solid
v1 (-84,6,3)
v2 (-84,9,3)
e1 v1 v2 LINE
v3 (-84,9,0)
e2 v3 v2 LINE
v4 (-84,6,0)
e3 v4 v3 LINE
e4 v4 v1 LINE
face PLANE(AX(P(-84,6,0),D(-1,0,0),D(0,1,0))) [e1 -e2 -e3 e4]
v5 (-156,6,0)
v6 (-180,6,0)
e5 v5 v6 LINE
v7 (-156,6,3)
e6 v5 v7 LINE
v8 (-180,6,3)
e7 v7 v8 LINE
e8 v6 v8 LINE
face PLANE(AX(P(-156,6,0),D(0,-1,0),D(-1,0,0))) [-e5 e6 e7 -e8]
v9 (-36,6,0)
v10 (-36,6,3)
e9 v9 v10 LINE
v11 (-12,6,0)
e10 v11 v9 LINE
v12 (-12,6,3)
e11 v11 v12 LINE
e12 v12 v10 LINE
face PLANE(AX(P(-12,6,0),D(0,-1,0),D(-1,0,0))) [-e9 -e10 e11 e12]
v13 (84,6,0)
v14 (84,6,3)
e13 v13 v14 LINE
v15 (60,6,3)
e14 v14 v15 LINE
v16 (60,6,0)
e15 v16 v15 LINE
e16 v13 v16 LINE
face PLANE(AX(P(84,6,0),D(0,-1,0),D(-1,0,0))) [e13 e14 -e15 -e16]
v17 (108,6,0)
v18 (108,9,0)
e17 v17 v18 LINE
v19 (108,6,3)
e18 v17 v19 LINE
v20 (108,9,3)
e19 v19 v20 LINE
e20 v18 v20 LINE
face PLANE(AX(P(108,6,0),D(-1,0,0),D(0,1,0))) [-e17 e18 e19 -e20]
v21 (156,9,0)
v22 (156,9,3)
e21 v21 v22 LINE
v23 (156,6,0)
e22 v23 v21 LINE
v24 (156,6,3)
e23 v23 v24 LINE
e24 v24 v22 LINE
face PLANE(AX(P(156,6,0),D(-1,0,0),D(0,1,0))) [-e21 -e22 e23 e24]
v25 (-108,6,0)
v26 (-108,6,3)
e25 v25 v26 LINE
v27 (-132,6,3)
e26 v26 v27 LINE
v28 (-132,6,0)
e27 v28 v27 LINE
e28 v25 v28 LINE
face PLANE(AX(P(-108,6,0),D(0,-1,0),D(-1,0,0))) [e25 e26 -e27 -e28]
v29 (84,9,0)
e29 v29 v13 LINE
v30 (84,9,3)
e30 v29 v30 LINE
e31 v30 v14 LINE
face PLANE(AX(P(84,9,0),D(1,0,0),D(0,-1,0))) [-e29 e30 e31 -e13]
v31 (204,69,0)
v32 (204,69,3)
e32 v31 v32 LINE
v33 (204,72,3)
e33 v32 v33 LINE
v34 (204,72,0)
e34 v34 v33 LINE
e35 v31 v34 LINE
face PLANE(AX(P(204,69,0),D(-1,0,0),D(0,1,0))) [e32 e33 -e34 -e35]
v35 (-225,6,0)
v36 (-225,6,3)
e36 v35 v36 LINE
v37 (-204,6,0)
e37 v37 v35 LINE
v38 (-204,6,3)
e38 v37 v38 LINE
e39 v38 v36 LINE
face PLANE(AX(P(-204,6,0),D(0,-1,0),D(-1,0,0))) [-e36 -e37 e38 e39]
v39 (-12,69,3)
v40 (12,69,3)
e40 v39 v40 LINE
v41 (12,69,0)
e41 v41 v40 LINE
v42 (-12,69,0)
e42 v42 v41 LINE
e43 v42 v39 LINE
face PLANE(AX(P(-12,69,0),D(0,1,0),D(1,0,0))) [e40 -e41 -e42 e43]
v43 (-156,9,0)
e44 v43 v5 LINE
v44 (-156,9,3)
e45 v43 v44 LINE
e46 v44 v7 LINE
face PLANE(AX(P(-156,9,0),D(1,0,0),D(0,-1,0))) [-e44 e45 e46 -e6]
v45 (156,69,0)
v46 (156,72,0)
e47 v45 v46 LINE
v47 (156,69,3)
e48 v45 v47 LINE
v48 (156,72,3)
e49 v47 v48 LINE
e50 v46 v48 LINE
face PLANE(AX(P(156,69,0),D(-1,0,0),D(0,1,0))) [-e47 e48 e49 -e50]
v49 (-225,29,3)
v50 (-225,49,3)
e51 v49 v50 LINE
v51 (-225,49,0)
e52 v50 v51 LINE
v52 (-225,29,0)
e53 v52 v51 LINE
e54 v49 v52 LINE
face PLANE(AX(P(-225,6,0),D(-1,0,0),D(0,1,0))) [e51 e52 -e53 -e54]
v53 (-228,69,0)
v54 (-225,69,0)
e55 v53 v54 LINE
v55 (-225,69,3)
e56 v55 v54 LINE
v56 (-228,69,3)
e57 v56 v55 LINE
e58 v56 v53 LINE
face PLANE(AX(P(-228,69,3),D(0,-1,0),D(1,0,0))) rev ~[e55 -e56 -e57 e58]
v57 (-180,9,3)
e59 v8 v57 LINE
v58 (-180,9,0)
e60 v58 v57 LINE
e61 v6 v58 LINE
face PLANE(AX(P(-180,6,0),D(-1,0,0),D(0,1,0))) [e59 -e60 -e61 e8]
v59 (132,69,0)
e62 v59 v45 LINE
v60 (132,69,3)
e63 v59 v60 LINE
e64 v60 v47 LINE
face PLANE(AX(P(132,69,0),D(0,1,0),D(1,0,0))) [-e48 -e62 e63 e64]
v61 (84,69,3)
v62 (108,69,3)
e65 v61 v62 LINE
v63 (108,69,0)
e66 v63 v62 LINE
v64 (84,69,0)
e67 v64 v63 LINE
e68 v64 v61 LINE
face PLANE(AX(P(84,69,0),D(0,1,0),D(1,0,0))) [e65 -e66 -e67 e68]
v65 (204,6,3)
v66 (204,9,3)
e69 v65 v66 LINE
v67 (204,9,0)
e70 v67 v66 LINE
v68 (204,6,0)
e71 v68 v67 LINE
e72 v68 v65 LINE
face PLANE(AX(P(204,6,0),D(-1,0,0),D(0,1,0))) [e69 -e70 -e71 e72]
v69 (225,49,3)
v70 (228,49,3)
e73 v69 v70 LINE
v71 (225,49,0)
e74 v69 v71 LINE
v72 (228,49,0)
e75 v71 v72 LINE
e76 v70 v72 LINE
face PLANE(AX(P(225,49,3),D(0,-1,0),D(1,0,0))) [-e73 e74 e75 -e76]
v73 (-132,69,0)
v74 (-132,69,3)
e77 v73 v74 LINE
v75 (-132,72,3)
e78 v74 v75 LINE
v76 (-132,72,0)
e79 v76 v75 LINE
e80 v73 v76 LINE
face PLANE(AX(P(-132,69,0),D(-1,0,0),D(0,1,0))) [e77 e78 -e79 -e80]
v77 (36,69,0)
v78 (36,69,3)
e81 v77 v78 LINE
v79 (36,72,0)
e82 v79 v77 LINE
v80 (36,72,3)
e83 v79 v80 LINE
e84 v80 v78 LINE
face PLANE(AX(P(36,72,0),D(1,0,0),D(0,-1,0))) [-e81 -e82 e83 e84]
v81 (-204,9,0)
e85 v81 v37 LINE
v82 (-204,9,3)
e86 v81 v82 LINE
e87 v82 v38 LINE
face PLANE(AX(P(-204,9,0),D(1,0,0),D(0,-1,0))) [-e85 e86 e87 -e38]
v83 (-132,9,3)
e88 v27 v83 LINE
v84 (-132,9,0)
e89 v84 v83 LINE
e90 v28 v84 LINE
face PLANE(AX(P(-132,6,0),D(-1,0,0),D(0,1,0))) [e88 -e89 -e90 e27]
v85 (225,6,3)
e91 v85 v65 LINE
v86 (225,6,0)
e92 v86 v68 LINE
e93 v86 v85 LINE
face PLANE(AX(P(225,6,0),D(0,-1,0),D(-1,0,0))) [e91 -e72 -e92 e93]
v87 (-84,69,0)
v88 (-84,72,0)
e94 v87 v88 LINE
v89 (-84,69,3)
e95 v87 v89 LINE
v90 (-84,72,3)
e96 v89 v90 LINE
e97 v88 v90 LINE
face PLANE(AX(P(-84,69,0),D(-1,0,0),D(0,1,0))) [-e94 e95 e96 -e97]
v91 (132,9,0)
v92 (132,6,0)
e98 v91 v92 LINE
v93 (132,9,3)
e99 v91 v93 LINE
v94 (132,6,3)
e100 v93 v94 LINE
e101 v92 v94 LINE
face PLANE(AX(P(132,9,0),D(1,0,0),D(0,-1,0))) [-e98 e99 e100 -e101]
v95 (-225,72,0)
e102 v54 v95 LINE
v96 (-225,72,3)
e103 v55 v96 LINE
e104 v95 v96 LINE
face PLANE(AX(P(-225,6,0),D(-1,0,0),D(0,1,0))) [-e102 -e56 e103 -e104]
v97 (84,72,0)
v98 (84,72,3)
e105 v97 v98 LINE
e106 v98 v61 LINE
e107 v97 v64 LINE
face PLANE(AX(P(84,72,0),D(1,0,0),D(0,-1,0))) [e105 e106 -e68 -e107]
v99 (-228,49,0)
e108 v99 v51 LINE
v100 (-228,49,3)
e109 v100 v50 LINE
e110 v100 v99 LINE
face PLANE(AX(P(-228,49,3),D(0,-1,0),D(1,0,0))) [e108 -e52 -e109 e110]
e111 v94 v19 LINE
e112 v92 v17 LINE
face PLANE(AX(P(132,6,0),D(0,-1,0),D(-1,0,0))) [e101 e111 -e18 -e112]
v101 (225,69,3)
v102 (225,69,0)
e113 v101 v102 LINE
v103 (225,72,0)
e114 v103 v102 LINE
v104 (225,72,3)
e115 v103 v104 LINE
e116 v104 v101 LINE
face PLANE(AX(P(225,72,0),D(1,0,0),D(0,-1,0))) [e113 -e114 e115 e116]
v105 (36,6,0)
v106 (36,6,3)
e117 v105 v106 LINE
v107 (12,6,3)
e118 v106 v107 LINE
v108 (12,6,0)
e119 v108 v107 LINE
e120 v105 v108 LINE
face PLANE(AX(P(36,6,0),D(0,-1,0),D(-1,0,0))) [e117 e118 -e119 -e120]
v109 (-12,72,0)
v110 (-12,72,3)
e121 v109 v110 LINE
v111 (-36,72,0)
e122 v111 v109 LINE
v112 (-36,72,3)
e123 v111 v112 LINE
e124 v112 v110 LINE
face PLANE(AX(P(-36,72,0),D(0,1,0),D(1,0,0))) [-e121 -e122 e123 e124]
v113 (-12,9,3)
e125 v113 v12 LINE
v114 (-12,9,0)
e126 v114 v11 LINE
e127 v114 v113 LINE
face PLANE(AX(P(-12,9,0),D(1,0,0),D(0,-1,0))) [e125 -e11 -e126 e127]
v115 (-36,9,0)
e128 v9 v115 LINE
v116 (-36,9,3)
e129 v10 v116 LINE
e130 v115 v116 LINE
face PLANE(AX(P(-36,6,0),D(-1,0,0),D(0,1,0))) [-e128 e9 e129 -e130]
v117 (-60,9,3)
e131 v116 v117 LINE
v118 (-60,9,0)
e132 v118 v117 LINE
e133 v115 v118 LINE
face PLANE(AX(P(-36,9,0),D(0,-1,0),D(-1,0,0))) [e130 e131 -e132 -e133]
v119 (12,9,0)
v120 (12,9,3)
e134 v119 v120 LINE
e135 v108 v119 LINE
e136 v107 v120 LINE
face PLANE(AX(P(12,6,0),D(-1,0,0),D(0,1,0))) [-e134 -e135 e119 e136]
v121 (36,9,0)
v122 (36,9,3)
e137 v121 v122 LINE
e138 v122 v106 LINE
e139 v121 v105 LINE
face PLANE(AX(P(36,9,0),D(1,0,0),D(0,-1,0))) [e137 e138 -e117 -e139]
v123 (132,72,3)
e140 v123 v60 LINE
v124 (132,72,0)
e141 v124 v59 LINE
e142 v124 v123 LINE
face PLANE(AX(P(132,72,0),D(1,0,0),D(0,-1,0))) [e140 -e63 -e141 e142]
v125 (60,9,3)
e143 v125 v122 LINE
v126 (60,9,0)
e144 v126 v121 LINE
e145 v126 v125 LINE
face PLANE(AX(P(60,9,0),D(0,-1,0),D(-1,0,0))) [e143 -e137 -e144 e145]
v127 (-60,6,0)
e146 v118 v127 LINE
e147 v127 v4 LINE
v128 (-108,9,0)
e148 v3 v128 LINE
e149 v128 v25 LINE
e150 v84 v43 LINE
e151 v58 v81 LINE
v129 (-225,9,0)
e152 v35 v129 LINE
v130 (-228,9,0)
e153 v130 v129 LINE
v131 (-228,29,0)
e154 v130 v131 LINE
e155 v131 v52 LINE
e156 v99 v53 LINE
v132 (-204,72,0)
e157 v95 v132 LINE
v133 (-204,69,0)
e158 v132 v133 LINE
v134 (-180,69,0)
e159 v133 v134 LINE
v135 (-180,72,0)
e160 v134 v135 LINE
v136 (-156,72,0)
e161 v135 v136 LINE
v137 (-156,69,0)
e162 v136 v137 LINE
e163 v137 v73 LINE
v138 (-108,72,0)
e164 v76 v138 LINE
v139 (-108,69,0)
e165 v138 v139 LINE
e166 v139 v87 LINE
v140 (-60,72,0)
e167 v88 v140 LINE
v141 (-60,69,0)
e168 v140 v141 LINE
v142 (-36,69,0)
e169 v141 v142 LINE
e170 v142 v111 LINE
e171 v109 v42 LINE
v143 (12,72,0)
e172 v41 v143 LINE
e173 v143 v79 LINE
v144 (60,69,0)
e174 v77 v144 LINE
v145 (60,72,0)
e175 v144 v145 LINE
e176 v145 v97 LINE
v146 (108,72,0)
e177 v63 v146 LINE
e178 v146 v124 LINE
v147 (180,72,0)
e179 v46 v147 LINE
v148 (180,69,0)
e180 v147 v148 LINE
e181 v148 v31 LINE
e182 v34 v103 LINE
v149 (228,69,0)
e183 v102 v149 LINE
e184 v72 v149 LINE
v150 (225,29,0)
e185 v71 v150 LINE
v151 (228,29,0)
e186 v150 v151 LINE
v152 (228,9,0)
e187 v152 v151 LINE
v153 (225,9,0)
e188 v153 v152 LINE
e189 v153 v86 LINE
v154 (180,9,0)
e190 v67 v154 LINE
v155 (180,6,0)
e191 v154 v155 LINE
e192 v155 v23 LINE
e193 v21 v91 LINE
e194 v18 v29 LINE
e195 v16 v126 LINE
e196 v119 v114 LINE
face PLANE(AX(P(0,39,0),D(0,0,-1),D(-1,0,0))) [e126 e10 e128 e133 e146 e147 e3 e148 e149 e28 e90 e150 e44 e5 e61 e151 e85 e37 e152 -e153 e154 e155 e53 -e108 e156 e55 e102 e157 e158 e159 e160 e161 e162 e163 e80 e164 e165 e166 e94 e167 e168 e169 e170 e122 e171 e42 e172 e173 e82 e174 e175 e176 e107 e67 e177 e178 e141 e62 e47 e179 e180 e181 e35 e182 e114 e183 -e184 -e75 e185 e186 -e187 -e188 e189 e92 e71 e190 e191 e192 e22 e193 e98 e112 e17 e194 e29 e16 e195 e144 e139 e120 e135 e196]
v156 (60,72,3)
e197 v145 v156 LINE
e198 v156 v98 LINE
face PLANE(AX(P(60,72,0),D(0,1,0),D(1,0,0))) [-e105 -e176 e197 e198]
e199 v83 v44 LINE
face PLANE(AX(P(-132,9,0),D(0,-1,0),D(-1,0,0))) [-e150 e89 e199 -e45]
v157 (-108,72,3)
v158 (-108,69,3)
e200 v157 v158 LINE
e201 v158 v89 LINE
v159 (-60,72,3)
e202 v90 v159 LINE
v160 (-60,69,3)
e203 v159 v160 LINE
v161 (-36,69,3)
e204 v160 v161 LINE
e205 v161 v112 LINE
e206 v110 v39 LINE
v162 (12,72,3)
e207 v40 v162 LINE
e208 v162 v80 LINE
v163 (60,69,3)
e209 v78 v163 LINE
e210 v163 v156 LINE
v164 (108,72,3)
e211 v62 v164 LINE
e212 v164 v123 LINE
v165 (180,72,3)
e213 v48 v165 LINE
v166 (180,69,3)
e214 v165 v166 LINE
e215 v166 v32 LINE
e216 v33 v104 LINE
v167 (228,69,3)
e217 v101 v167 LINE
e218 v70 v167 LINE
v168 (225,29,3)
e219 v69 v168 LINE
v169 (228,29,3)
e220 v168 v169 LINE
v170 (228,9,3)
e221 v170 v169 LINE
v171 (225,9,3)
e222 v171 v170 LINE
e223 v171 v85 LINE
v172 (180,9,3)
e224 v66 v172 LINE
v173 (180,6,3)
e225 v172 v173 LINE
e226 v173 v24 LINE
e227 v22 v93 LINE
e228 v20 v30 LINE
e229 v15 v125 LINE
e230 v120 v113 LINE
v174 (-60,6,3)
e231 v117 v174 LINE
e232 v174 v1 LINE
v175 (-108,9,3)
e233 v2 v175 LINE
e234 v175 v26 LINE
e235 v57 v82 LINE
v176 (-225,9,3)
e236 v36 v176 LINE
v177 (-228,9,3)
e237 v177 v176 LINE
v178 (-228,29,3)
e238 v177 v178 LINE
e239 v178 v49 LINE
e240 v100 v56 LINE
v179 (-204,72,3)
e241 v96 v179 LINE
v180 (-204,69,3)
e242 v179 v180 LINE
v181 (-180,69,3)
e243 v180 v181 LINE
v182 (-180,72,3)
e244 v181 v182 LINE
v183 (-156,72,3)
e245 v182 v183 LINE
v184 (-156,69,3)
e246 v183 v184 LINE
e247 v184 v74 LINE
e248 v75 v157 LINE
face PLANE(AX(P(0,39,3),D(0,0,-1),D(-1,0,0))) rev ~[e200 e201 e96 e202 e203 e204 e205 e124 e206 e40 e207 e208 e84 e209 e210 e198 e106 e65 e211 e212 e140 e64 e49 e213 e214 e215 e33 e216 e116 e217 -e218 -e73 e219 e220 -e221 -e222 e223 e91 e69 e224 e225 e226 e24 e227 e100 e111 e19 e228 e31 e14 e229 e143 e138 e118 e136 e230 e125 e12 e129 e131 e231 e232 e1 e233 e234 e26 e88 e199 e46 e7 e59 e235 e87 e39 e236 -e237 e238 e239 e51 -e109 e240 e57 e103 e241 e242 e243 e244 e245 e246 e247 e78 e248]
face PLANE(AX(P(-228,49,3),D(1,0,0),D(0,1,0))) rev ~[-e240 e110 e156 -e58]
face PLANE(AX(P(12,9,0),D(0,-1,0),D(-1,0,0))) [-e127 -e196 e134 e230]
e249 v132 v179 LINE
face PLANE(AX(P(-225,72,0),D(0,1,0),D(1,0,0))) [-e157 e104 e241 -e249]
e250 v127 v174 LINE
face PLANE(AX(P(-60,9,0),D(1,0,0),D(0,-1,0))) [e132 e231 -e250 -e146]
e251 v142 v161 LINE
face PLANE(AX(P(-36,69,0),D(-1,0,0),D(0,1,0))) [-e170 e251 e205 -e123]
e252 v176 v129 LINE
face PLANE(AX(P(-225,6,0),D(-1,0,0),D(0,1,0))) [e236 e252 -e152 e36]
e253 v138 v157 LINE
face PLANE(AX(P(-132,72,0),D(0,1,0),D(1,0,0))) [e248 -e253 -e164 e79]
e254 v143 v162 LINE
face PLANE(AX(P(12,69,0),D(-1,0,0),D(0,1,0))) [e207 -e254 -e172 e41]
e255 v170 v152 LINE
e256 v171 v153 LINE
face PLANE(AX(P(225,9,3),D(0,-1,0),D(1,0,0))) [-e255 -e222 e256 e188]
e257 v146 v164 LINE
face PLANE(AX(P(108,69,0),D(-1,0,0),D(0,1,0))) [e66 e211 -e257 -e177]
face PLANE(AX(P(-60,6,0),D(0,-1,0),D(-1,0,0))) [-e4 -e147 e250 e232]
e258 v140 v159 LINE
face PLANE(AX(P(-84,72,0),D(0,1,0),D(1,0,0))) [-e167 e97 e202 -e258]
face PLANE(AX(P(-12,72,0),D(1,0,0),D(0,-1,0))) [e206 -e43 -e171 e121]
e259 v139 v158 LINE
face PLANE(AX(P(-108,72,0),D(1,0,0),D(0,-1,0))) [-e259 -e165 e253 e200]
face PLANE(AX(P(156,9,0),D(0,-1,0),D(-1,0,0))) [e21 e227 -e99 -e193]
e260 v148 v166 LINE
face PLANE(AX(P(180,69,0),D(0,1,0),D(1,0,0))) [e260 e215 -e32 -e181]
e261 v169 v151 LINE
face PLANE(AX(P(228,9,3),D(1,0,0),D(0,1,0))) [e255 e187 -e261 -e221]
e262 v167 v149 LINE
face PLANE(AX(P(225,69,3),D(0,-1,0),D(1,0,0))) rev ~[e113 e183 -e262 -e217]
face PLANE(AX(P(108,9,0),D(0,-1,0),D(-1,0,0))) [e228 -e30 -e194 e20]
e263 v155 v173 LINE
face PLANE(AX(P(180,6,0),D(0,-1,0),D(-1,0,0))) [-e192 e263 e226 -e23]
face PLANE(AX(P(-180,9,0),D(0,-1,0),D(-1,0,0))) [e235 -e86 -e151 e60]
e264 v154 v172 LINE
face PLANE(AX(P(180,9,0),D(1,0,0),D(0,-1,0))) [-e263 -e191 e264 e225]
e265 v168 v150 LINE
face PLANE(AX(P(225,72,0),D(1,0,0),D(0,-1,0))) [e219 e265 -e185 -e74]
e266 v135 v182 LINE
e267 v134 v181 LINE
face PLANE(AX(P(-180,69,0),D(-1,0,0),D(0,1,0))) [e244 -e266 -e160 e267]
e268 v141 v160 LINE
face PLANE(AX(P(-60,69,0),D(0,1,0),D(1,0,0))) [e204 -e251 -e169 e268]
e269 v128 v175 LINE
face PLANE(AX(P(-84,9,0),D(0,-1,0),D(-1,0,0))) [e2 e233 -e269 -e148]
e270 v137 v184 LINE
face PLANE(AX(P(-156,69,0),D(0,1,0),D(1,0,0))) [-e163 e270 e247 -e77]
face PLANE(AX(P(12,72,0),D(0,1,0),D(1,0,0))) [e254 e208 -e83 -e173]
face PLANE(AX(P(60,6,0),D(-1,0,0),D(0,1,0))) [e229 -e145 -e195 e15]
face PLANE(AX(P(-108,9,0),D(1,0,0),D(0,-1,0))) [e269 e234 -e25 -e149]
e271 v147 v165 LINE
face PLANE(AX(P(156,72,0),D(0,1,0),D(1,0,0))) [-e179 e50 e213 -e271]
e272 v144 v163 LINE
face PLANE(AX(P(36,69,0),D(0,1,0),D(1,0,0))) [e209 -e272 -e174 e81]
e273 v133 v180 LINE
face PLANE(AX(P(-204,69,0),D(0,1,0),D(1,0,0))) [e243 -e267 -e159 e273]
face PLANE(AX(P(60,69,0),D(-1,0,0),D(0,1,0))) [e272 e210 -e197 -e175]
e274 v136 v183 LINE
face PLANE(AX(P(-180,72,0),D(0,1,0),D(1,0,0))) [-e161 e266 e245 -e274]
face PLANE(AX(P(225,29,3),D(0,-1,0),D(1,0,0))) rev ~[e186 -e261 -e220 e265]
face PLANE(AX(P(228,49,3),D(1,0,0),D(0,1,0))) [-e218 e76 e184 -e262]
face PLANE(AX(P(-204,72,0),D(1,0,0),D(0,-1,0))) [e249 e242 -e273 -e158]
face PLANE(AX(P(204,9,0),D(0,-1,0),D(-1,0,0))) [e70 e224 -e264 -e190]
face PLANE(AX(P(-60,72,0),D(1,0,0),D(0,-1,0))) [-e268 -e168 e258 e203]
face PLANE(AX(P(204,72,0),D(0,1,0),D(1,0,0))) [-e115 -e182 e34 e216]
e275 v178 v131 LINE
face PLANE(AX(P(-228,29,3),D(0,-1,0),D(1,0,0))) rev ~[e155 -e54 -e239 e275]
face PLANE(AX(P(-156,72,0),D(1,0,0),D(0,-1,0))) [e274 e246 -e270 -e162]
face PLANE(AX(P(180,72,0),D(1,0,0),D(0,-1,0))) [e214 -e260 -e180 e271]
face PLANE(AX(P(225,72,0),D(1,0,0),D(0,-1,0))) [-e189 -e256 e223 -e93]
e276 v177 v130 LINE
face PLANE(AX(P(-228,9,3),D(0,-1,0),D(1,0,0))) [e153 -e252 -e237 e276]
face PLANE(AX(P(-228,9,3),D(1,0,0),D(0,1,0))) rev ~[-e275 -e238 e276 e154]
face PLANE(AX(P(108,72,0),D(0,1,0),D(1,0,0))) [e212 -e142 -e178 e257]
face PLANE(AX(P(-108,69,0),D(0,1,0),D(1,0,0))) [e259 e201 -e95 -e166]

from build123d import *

# Parameters (mm, degrees)
BOSS_EXTRUDE1_DEPTH = 3
SKETCH3_W           = 3
SKETCH3_H           = 20
BOSS_EXTRUDE2_DEPTH = 3


with BuildPart() as part:
    # Sketch1 → Boss-Extrude1 (new body)
    with BuildSketch(Plane.XY):
        Polygon((-204, 9), (-204, 6), (-225, 6), (-225, 72), (-204, 72), (-204, 69), (-180, 69), (-180, 72), (-156, 72), (-156, 69), (-132, 69), (-132, 72), (-108, 72), (-108, 69), (-84, 69), (-84, 72), (-60, 72), (-60, 69), (-36, 69), (-36, 72), (-12, 72), (-12, 69), (12, 69), (12, 72), (36, 72), (36, 69), (60, 69), (60, 72), (84, 72), (84, 69), (108, 69), (108, 72), (132, 72), (132, 69), (156, 69), (156, 72), (180, 72), (180, 69), (204, 69), (204, 72), (225, 72), (225, 6), (204, 6), (204, 9), (180, 9), (180, 6), (156, 6), (156, 9), (132, 9), (132, 6), (108, 6), (108, 9), (84, 9), (84, 6), (60, 6), (60, 9), (36, 9), (36, 6), (12, 6), (12, 9), (-12, 9), (-12, 6), (-36, 6), (-36, 9), (-60, 9), (-60, 6), (-84, 6), (-84, 9), (-108, 9), (-108, 6), (-132, 6), (-132, 9), (-156, 9), (-156, 6), (-180, 6), (-180, 9), align=None)
    extrude(amount=BOSS_EXTRUDE1_DEPTH)

    # Sketch3 → Boss-Extrude2 (add)
    with BuildSketch(Plane.XY.offset(3)):
        with Locations((-226.5, 59)):
            Rectangle(SKETCH3_W, SKETCH3_H)
        with Locations((-226.5, 19)):
            Rectangle(SKETCH3_W, SKETCH3_H)
        with Locations((226.5, 59)):
            Rectangle(SKETCH3_W, SKETCH3_H)
        with Locations((226.5, 19)):
            Rectangle(SKETCH3_W, SKETCH3_H)
    extrude(amount=-BOSS_EXTRUDE2_DEPTH)


solid = part.part
